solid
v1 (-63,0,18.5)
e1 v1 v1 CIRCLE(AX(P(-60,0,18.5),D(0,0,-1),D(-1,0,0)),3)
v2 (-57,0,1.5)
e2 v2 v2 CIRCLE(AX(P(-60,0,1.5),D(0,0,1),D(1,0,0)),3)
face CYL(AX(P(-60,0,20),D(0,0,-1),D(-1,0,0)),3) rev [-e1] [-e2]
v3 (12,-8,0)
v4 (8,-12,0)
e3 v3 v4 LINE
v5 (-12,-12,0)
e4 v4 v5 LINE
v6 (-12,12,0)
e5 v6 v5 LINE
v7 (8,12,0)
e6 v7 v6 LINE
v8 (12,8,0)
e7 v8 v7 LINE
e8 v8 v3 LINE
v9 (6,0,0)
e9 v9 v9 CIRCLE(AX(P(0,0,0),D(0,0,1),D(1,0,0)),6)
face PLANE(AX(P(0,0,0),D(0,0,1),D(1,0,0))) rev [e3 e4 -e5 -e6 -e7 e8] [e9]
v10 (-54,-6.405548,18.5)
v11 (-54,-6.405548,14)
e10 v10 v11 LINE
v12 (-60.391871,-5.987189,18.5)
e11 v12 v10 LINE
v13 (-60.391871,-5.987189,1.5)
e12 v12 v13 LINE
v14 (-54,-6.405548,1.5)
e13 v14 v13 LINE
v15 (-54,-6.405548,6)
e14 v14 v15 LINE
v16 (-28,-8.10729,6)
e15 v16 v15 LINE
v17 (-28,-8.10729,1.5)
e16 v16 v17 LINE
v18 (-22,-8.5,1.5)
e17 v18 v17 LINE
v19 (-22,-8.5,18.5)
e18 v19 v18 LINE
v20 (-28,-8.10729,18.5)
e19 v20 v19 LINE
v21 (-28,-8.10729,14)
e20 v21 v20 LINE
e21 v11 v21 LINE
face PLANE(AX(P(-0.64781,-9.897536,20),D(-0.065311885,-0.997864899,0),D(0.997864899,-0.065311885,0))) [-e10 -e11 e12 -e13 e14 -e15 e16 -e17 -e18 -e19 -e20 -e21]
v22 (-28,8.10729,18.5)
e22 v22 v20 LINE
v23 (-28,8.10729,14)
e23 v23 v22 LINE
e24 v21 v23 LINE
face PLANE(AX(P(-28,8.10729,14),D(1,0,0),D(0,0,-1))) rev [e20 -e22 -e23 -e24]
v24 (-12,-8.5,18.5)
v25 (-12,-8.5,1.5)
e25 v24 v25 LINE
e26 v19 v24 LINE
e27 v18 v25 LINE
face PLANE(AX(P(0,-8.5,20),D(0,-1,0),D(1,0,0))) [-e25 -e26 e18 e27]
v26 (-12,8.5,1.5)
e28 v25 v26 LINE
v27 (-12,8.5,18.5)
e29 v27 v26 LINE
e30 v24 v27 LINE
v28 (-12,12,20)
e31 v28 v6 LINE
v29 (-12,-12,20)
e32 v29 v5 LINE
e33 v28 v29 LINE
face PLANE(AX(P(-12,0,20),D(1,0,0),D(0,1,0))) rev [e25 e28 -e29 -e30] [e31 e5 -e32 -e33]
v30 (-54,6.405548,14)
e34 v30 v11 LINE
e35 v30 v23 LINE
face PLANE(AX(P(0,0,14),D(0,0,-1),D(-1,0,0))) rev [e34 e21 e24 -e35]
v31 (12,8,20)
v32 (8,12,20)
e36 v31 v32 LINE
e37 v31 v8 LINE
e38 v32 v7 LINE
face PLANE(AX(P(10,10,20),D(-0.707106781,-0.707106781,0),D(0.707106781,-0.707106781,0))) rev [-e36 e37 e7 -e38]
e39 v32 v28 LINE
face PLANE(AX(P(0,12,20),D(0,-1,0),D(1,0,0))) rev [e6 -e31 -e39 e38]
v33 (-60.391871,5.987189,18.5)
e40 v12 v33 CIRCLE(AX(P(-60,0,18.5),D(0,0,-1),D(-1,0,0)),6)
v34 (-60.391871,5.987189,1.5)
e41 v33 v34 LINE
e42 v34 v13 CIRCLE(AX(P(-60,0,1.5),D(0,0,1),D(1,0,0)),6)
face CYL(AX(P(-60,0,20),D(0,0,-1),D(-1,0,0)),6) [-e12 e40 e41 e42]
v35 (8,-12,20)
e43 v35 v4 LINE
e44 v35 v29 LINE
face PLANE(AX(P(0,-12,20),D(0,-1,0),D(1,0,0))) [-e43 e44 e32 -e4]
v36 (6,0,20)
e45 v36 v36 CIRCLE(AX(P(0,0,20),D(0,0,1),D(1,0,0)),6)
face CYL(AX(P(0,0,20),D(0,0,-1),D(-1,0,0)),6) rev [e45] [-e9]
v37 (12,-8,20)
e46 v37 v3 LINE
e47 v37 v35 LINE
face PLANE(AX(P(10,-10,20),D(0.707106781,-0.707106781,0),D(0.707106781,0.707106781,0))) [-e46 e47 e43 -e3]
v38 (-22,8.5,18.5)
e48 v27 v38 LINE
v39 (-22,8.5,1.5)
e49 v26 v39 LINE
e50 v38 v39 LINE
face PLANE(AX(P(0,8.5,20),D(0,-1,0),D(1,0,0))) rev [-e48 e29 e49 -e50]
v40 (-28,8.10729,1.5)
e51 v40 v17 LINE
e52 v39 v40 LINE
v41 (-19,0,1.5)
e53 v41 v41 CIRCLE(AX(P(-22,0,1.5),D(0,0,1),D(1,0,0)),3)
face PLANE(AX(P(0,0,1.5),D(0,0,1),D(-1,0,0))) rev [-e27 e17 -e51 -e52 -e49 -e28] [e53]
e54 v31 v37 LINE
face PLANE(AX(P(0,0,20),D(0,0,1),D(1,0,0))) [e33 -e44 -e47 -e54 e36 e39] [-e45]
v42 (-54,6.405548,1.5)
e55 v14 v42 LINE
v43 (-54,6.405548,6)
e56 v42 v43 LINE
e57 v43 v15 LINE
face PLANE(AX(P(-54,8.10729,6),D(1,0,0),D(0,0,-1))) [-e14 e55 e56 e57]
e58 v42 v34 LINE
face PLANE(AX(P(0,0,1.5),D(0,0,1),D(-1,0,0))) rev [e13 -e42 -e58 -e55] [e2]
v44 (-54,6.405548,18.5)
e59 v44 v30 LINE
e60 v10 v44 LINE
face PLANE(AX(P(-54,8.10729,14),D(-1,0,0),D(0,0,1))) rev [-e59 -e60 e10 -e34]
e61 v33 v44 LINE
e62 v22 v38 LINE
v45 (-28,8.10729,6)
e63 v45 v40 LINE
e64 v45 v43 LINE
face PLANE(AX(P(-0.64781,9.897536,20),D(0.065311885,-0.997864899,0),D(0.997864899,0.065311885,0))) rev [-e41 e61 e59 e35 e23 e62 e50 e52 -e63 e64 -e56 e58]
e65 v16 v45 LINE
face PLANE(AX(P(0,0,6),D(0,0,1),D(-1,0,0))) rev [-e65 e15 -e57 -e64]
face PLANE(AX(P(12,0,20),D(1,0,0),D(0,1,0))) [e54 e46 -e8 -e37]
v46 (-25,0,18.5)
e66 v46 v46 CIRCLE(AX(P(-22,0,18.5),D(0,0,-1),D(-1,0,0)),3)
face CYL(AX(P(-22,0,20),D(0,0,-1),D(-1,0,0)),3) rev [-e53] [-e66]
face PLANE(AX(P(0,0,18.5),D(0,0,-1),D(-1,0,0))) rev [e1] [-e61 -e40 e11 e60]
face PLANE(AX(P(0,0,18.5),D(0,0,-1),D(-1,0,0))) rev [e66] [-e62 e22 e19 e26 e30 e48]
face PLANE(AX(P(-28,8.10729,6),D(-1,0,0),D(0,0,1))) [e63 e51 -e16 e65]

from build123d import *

# Parameters (mm, degrees)
ESQUISSE1_R             = 6
ESQUISSE1_R_2           = 3
BOSS_EXTRU_1_DEPTH      = 20
ESQUISSE3_W             = 16
ESQUISSE3_H             = 17
ESQUISSE3_W_2           = 24.161002882
ESQUISSE3_H_2           = 23.937604634
ENL_V_MAT_EXTRU_1_DEPTH = 1.5
ESQUISSE4_W             = 26
ESQUISSE4_H             = 16.214580426
ENL_V_MAT_EXTRU_2_DEPTH = 6


with BuildPart() as part:
    # Esquisse1 → Boss.-Extru.1 (new body)
    with BuildSketch(Plane.XY):
        Polygon((8, 12), (-12, 12), (-12, -12), (8, -12), (12, -8), (12, 8), align=None)
        Circle(ESQUISSE1_R, mode=Mode.SUBTRACT)
        with BuildLine():
            Line((-12, 8.5), (-22, 8.5))
            Line((-22, 8.5), (-60.391871312, 5.987189397))
            ThreePointArc((-60.391871312, 5.987189397), (-66, 0), (-60.391871312, -5.987189397))
            Line((-60.391871312, -5.987189397), (-22, -8.5))
            Line((-22, -8.5), (-12, -8.5))
            Line((-12, -8.5), (-12, 8.5))
        make_face()
        with Locations((-22, 0)):
            Circle(ESQUISSE1_R_2, mode=Mode.SUBTRACT)
        with Locations((-60, 0)):
            Circle(ESQUISSE1_R_2, mode=Mode.SUBTRACT)
    extrude(amount=BOSS_EXTRU_1_DEPTH)

    # Esquisse3 → Enlèv. mat.-Extru.1 (cut)
    with BuildSketch(Plane.XY.offset(20)):
        with Locations((-20, 0)):
            Rectangle(ESQUISSE3_W, ESQUISSE3_H)
        with Locations((-66.080501441, -0.730031796)):
            Rectangle(ESQUISSE3_W_2, ESQUISSE3_H_2)
    enl_v_mat_extru_1 = extrude(amount=-ENL_V_MAT_EXTRU_1_DEPTH, mode=Mode.SUBTRACT)

    # Esquisse4 → Enlèv. mat.-Extru.2 (cut)
    with BuildSketch(Plane.XY.offset(20)):
        with Locations((-41, 0)):
            Rectangle(ESQUISSE4_W, ESQUISSE4_H)
    enl_v_mat_extru_2 = extrude(amount=-ENL_V_MAT_EXTRU_2_DEPTH, mode=Mode.SUBTRACT)

    # Symétrie1: Enlèv. mat.-Extru.1, Enlèv. mat.-Extru.2 across plane
    add(enl_v_mat_extru_1.mirror(Plane.XY.offset(10)), mode=Mode.SUBTRACT)
    add(enl_v_mat_extru_2.mirror(Plane.XY.offset(10)), mode=Mode.SUBTRACT)


solid = part.part
